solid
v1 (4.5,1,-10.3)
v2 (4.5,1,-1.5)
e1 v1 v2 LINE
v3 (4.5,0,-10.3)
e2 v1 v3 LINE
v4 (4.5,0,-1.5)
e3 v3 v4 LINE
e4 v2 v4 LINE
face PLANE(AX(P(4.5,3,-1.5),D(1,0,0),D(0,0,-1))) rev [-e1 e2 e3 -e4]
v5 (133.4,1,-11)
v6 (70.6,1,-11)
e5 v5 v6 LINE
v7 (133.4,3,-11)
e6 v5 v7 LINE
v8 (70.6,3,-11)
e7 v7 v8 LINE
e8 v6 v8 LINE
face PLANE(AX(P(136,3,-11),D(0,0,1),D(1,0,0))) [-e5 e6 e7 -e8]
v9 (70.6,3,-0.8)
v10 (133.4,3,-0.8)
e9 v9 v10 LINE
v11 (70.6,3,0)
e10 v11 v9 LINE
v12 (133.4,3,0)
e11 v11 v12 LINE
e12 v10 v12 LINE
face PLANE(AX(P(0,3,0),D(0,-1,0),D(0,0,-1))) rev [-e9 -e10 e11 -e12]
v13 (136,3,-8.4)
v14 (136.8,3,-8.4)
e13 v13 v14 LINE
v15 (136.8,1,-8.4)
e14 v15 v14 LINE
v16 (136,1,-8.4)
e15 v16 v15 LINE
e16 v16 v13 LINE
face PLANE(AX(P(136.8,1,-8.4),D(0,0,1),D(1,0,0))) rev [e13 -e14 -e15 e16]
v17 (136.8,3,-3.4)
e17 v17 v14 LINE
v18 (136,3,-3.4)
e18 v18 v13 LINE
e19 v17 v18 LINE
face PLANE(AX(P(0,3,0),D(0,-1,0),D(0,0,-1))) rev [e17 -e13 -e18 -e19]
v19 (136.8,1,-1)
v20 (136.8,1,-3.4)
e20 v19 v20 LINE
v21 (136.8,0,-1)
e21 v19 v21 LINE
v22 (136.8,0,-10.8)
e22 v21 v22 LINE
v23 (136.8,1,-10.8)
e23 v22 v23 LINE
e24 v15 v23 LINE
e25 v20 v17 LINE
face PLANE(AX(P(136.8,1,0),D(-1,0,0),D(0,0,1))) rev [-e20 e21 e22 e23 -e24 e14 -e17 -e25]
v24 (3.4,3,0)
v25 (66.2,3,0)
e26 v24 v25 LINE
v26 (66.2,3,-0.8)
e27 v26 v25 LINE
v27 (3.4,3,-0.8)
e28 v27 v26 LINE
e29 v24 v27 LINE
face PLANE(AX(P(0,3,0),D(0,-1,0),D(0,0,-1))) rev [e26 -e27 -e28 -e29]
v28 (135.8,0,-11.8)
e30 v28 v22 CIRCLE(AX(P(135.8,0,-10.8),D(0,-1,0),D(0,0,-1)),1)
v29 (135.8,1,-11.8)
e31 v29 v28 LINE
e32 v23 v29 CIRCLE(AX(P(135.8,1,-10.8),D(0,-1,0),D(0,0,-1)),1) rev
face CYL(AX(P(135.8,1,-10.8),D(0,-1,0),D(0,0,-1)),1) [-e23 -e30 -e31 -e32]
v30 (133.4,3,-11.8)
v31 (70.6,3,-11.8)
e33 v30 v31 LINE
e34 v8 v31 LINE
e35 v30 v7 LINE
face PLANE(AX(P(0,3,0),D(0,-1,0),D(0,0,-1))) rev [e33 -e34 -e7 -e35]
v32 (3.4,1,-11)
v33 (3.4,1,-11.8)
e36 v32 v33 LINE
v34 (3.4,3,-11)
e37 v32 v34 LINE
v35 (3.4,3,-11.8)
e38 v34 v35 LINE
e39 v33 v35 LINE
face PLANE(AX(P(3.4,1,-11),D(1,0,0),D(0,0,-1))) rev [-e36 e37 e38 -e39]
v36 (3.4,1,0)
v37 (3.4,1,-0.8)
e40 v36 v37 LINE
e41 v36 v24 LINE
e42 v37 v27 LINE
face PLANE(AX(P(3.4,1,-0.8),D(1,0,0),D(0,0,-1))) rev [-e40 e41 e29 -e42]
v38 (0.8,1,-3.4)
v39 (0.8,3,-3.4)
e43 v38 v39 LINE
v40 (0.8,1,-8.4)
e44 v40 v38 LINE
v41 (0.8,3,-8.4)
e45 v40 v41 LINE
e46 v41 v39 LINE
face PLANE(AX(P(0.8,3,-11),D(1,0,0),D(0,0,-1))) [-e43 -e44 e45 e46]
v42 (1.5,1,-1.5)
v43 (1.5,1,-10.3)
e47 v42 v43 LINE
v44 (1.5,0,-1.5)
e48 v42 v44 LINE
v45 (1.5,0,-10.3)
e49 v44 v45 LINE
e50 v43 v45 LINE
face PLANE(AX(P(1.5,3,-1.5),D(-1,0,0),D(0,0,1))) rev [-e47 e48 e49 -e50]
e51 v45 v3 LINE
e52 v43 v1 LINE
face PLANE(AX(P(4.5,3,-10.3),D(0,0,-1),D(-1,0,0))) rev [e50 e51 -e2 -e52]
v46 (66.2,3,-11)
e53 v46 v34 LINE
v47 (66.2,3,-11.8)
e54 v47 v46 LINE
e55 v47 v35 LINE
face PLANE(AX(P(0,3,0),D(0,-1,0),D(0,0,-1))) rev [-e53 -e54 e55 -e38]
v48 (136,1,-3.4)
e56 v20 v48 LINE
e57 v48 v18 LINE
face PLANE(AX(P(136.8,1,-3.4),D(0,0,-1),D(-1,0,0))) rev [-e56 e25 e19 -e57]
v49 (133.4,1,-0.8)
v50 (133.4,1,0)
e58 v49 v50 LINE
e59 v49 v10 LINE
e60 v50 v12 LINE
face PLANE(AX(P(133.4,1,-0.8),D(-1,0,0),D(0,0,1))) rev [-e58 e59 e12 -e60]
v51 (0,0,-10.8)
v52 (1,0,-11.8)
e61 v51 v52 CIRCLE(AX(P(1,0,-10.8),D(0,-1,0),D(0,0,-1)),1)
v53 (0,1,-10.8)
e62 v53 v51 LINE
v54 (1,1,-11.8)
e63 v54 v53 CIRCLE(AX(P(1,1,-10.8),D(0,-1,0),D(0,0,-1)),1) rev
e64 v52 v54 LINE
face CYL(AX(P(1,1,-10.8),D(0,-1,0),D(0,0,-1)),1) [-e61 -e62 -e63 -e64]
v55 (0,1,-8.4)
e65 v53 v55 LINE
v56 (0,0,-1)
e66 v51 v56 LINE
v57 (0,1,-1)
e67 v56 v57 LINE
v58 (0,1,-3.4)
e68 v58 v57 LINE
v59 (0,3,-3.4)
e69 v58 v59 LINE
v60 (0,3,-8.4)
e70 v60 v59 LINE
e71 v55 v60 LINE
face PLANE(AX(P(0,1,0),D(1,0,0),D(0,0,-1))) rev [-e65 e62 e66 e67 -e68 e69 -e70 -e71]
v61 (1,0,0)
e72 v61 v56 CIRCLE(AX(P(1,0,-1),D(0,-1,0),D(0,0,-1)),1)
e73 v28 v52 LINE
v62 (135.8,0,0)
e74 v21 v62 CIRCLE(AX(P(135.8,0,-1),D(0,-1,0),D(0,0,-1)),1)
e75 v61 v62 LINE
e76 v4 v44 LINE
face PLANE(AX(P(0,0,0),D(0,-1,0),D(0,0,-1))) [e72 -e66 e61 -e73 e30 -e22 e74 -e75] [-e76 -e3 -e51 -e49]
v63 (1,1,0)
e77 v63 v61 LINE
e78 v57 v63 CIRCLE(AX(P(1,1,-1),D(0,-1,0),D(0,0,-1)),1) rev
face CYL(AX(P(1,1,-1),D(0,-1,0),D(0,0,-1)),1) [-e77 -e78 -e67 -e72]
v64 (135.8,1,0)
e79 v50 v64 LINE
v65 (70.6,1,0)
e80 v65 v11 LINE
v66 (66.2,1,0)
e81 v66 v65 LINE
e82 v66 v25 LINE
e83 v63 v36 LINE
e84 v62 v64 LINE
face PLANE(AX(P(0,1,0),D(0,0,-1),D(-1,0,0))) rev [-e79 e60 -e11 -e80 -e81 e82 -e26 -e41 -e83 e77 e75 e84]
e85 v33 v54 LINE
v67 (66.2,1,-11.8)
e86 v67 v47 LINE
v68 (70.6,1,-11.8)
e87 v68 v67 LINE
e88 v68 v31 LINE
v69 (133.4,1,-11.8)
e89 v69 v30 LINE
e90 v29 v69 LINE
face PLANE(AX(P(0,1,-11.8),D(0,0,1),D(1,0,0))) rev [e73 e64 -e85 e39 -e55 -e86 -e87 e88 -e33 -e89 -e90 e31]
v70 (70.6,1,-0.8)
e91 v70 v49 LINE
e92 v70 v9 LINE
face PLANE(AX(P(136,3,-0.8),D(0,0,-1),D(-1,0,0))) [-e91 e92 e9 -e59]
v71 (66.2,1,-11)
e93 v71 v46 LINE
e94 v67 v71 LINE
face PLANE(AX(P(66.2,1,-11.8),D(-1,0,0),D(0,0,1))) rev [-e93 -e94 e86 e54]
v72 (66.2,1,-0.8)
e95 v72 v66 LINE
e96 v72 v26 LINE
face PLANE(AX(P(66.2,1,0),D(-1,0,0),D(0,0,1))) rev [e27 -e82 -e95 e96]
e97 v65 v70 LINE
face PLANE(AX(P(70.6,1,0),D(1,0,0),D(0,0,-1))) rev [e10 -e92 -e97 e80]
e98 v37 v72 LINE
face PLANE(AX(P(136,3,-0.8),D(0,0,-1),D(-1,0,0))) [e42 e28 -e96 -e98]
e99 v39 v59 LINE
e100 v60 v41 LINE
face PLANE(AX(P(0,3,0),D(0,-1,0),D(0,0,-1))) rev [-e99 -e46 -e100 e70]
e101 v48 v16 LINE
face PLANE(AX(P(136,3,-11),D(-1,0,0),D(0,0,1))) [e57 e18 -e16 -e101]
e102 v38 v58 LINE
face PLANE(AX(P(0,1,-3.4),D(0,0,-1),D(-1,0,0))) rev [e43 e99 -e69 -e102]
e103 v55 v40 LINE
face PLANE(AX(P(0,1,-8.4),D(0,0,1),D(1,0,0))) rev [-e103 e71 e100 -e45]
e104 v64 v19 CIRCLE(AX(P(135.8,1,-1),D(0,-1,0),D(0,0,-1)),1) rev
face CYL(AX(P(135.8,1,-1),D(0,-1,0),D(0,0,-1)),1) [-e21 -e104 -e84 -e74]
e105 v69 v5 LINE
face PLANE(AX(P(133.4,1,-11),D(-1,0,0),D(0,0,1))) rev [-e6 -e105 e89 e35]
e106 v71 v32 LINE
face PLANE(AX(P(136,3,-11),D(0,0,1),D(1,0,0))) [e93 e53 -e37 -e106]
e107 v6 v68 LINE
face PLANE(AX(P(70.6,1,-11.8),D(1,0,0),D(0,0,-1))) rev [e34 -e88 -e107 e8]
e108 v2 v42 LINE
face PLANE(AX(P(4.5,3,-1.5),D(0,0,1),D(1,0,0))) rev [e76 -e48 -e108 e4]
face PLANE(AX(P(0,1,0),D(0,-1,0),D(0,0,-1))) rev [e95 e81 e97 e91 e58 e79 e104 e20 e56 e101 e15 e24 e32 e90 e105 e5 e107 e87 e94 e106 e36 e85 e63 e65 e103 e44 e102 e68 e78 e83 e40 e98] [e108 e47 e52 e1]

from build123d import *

# Parameters (mm, degrees)
ESQUISSE1_W             = 136.8
ESQUISSE1_H             = 11.8
BOSS_EXTRU_1_DEPTH      = 1
ESQUISSE4_W             = 136.8
ESQUISSE4_H             = 11.8
ESQUISSE4_W_2           = 135.2
ESQUISSE4_H_2           = 10.2
BOSS_EXTRU_3_DEPTH      = 2
ESQUISSE5_W             = 4.4
ESQUISSE5_H             = 0.8
ENL_V_MAT_EXTRU_3_DEPTH = 2
ESQUISSE6_W             = 3
ESQUISSE6_H             = 8.8
ENL_V_MAT_EXTRU_4_DEPTH = 4
CONG_1_R                = 1


with BuildPart() as part:
    # Esquisse1 → Boss.-Extru.1 (new body)
    with BuildSketch(Plane(origin=(0, 0, 0), x_dir=(1, 0, 0), z_dir=(0, 1, 0))):
        with Locations((68.4, 5.9)):
            Rectangle(ESQUISSE1_W, ESQUISSE1_H)
    extrude(amount=BOSS_EXTRU_1_DEPTH)

    # Esquisse4 → Boss.-Extru.3 (add)
    with BuildSketch(Plane(origin=(0, 1, 0), x_dir=(1, 0, 0), z_dir=(0, 1, 0))):
        with Locations((68.4, 5.9)):
            Rectangle(ESQUISSE4_W, ESQUISSE4_H)
        with Locations((68.4, 5.9)):
            Rectangle(ESQUISSE4_W_2, ESQUISSE4_H_2, mode=Mode.SUBTRACT)
    extrude(amount=BOSS_EXTRU_3_DEPTH)

    # Esquisse5 → Enlèv. mat.-Extru.3 (cut)
    with BuildSketch(Plane(origin=(0, 3, 0), x_dir=(1, 0, 0), z_dir=(0, 1, 0))):
        Polygon((136.8, 11.8), (136.8, 8.4), (136, 8.4), (136, 11), (133.4, 11), (133.4, 11.8), align=None)
        Polygon((3.4, 11.8), (0, 11.8), (0, 8.4), (0.8, 8.4), (0.8, 11), (3.4, 11), align=None)
        with Locations((68.4, 11.4)):
            Rectangle(ESQUISSE5_W, ESQUISSE5_H)
        Polygon((0, 0), (0, 3.4), (0.8, 3.4), (0.8, 0.8), (3.4, 0.8), (3.4, 0), align=None)
        with Locations((68.4, 0.4)):
            Rectangle(ESQUISSE5_W, ESQUISSE5_H)
        Polygon((133.4, 0), (136.8, 0), (136.8, 3.4), (136, 3.4), (136, 0.8), (133.4, 0.8), align=None)
    extrude(amount=-ENL_V_MAT_EXTRU_3_DEPTH, mode=Mode.SUBTRACT)

    # Esquisse6 → Enlèv. mat.-Extru.4 (cut, through all)
    with BuildSketch(Plane.XZ):
        with Locations((3, -5.9)):
            Rectangle(ESQUISSE6_W, ESQUISSE6_H)
    extrude(amount=-ENL_V_MAT_EXTRU_4_DEPTH, mode=Mode.SUBTRACT)

    # Congé1
    cong_1_edges = [part.edges().sort_by_distance(p)[0] for p in [
        (0, 0.5, -11.8),
        (136.8, 0.5, -11.8),
        (136.8, 0.5, 0),
        (0, 0.5, 0),
    ]]
    fillet(cong_1_edges, radius=CONG_1_R)


solid = part.part
